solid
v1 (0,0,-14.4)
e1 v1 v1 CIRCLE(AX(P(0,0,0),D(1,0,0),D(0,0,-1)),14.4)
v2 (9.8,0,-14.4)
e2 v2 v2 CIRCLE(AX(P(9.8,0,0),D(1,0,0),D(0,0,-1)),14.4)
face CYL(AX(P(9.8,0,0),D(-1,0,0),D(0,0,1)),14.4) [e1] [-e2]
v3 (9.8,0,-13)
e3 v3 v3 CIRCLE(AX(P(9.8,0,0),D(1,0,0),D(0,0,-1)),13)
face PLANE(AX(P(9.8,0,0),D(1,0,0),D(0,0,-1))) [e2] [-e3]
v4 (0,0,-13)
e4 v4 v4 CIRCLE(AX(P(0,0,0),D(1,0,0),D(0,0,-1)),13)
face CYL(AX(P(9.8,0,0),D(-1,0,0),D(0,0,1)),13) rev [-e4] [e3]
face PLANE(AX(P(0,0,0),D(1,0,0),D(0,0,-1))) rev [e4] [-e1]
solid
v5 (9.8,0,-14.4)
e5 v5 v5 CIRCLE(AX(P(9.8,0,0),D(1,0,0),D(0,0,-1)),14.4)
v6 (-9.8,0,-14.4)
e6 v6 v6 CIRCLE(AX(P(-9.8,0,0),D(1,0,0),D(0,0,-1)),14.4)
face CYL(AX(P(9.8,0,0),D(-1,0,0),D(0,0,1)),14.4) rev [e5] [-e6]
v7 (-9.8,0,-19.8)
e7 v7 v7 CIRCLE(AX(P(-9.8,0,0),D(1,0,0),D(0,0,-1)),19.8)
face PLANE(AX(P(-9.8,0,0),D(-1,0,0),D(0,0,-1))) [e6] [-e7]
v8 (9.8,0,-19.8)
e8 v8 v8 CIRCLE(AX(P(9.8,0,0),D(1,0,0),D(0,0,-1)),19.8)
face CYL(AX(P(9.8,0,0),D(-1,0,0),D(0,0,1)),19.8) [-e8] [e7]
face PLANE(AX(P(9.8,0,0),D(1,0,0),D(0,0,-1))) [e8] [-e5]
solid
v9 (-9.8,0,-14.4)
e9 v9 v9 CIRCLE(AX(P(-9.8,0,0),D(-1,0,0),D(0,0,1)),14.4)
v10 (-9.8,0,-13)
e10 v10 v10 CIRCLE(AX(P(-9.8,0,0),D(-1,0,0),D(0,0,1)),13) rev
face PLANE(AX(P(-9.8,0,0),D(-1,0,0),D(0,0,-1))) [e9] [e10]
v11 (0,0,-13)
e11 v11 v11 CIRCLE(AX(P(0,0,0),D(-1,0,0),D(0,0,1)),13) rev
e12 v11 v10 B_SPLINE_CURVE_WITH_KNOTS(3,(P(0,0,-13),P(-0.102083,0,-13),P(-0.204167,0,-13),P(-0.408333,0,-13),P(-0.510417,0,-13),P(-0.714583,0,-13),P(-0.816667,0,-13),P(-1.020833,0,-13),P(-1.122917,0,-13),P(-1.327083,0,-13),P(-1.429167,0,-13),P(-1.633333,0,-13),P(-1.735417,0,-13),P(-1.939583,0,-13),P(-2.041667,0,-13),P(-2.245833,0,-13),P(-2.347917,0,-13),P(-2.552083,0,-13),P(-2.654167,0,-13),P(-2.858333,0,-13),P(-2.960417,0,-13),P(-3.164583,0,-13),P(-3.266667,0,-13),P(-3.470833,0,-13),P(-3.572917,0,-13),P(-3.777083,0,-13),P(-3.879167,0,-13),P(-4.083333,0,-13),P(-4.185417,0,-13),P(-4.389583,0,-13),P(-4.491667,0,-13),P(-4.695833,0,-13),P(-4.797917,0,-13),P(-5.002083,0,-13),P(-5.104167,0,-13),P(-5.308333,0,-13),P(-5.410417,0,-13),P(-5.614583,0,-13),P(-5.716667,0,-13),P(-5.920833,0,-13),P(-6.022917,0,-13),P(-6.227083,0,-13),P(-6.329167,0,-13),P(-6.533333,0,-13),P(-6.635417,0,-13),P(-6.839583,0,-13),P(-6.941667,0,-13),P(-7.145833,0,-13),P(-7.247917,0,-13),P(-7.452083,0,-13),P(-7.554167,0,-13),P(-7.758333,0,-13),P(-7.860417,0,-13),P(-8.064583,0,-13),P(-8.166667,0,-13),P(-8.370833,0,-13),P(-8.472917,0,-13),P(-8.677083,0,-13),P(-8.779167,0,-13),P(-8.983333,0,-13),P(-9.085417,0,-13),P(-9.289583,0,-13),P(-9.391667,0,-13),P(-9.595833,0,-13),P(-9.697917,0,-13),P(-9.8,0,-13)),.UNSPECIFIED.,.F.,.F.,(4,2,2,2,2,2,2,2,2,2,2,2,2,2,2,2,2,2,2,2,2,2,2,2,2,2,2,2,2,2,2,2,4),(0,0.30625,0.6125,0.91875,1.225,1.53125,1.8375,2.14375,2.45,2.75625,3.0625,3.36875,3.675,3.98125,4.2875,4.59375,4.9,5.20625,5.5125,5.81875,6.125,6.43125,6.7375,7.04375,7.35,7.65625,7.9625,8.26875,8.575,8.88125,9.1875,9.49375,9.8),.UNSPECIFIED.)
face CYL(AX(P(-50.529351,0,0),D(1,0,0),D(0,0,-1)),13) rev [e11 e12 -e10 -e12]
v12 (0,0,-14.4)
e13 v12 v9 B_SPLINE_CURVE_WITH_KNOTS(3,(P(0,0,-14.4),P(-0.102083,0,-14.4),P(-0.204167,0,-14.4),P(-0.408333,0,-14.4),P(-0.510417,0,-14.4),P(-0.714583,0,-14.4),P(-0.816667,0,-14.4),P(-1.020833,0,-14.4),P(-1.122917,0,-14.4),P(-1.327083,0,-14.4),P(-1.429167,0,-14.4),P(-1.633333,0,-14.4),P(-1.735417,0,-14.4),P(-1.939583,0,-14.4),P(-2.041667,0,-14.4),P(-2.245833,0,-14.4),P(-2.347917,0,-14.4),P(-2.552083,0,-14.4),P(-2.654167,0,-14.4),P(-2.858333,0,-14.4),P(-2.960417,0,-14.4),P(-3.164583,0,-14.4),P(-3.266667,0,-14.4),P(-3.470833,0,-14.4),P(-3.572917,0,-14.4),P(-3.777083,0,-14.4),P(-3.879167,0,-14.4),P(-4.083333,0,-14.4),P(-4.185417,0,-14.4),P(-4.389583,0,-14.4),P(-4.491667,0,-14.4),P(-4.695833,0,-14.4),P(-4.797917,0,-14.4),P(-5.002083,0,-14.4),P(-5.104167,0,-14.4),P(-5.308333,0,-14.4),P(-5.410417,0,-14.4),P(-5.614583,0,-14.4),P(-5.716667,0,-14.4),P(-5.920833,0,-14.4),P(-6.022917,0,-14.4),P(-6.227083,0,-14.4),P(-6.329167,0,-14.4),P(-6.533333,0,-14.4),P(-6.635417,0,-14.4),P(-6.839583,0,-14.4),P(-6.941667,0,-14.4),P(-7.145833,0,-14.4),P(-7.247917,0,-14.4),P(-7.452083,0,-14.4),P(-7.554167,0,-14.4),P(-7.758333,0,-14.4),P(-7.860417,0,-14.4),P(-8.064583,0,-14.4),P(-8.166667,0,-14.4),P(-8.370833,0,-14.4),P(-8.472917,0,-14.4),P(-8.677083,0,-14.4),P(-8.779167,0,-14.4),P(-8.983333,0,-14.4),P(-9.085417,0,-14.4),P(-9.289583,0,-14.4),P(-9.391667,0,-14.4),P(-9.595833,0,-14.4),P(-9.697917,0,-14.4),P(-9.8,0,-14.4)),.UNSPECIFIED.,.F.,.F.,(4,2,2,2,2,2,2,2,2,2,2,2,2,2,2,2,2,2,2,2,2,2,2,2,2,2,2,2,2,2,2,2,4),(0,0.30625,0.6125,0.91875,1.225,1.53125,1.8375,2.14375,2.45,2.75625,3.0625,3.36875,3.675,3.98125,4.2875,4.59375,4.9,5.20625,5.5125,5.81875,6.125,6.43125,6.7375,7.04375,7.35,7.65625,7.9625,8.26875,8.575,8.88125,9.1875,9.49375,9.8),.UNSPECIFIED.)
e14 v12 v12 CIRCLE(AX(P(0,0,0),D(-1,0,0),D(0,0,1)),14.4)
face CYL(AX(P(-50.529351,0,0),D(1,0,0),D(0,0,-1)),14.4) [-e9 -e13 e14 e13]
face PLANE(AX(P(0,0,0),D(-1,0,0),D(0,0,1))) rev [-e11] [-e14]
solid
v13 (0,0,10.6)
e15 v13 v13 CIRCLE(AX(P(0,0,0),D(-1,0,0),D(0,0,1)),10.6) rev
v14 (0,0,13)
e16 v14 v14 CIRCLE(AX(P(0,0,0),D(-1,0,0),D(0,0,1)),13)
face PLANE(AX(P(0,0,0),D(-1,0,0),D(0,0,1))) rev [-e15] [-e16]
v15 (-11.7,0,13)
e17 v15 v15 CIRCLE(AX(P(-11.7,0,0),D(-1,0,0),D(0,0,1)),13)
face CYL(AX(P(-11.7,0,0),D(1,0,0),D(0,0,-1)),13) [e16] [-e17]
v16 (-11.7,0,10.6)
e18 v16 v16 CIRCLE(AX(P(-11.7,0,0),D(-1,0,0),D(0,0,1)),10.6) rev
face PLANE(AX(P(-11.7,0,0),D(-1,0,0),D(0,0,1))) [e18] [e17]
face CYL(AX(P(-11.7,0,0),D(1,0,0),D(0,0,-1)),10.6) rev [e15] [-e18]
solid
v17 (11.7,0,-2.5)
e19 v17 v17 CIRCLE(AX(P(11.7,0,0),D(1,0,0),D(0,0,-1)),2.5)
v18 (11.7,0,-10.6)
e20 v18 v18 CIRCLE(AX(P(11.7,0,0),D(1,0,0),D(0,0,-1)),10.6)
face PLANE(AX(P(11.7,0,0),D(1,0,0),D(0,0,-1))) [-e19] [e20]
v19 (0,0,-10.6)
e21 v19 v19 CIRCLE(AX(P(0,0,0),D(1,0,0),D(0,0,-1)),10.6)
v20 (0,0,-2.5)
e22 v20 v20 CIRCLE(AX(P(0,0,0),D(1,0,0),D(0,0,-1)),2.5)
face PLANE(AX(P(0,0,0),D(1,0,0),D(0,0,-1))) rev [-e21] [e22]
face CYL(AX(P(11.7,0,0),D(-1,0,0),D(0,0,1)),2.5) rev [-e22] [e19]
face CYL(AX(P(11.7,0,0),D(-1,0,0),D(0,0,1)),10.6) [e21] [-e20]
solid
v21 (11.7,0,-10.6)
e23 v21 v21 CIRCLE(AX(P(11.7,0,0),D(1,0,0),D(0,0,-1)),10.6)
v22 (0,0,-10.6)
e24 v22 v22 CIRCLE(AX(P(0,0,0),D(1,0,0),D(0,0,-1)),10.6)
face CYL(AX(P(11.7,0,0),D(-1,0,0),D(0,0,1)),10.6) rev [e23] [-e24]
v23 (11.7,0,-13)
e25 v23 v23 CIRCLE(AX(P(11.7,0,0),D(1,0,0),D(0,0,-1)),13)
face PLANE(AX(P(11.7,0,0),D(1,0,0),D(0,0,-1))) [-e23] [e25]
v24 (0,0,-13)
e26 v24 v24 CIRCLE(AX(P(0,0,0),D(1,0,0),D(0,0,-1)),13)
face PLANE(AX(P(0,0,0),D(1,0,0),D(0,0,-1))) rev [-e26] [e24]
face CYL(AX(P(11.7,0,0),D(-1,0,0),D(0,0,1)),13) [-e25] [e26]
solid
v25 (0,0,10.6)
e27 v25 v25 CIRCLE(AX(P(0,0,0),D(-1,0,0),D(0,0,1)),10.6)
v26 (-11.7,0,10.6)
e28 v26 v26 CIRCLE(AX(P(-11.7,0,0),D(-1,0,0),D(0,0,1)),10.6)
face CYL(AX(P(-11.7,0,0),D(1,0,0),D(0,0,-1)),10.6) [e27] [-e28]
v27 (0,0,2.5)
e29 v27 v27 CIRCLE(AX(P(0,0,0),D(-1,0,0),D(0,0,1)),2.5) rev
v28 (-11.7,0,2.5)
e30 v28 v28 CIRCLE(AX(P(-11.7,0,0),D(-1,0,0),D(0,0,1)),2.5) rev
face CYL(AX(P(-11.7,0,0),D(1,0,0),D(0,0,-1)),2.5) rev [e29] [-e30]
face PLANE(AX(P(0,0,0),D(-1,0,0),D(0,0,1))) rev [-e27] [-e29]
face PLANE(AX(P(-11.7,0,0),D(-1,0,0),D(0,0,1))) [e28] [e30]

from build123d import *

# Parameters (mm, degrees)
SKETCH1_R            = 19.8
SKETCH1_R_2          = 14.4
BOSS_EXTRUDE4_DEPTH  = 9.8
SKETCH1_6_R          = 14.4
SKETCH1_6_R_2        = 13
BOSS_EXTRUDE5_DEPTH  = 9.8
SKETCH1_7_R          = 13
SKETCH1_7_R_2        = 10.6
BOSS_EXTRUDE6_DEPTH  = 11.7
SKETCH1_8_R          = 10.6
SKETCH1_8_R_2        = 2.5
BOSS_EXTRUDE7_DEPTH  = 11.7
SKETCH2_R            = 14.4
SKETCH2_R_2          = 13
BOSS_EXTRUDE8_DEPTH  = 9.8
SKETCH3_R            = 13
SKETCH3_R_2          = 10.6
BOSS_EXTRUDE9_DEPTH  = 11.7
SKETCH4_R            = 10.6
SKETCH4_R_2          = 2.5
BOSS_EXTRUDE10_DEPTH = 11.7


with BuildPart() as part:
    # Sketch1 → Boss-Extrude4 (new body)
    with BuildSketch(Plane(origin=(0, 0, 0), x_dir=(0, 0, -1), z_dir=(1, 0, 0))):
        Circle(SKETCH1_R)
        Circle(SKETCH1_R_2, mode=Mode.SUBTRACT)
    boss_extrude4 = extrude(amount=BOSS_EXTRUDE4_DEPTH)

    # Mirror3: Boss-Extrude4 across plane
    add(boss_extrude4.mirror(Plane(origin=(0, 0, 0), x_dir=(0, 0, 1), z_dir=(1, 0, 0))))


with BuildPart() as body_2:
    # Sketch1<6> → Boss-Extrude5 (new body)
    with BuildSketch(Plane(origin=(0, 0, 0), x_dir=(0, 0, -1), z_dir=(1, 0, 0))):
        Circle(SKETCH1_6_R)
        Circle(SKETCH1_6_R_2, mode=Mode.SUBTRACT)
    extrude(amount=BOSS_EXTRUDE5_DEPTH)


with BuildPart() as body_3:
    # Sketch1<7> → Boss-Extrude6 (new body)
    with BuildSketch(Plane(origin=(0, 0, 0), x_dir=(0, 0, -1), z_dir=(1, 0, 0))):
        Circle(SKETCH1_7_R)
        Circle(SKETCH1_7_R_2, mode=Mode.SUBTRACT)
    extrude(amount=BOSS_EXTRUDE6_DEPTH)


with BuildPart() as body_4:
    # Sketch1<8> → Boss-Extrude7 (new body)
    with BuildSketch(Plane(origin=(0, 0, 0), x_dir=(0, 0, -1), z_dir=(1, 0, 0))):
        Circle(SKETCH1_8_R)
        Circle(SKETCH1_8_R_2, mode=Mode.SUBTRACT)
    extrude(amount=BOSS_EXTRUDE7_DEPTH)


with BuildPart() as body_5:
    # Sketch2 → Boss-Extrude8 (new body)
    with BuildSketch(Plane.ZY):
        with Locations(Location((0, 0, 0), (0, 0, 180))):
            Circle(SKETCH2_R)
        with Locations(Location((0, 0, 0), (0, 0, 180))):
            Circle(SKETCH2_R_2, mode=Mode.SUBTRACT)
    extrude(amount=BOSS_EXTRUDE8_DEPTH)


with BuildPart() as body_6:
    # Sketch3 → Boss-Extrude9 (new body)
    with BuildSketch(Plane.ZY):
        Circle(SKETCH3_R)
        Circle(SKETCH3_R_2, mode=Mode.SUBTRACT)
    extrude(amount=BOSS_EXTRUDE9_DEPTH)


with BuildPart() as body_7:
    # Sketch4 → Boss-Extrude10 (new body)
    with BuildSketch(Plane.ZY):
        Circle(SKETCH4_R)
        Circle(SKETCH4_R_2, mode=Mode.SUBTRACT)
    extrude(amount=BOSS_EXTRUDE10_DEPTH)


solid = Compound([part.part, body_2.part, body_3.part, body_4.part, body_5.part, body_6.part, body_7.part])
